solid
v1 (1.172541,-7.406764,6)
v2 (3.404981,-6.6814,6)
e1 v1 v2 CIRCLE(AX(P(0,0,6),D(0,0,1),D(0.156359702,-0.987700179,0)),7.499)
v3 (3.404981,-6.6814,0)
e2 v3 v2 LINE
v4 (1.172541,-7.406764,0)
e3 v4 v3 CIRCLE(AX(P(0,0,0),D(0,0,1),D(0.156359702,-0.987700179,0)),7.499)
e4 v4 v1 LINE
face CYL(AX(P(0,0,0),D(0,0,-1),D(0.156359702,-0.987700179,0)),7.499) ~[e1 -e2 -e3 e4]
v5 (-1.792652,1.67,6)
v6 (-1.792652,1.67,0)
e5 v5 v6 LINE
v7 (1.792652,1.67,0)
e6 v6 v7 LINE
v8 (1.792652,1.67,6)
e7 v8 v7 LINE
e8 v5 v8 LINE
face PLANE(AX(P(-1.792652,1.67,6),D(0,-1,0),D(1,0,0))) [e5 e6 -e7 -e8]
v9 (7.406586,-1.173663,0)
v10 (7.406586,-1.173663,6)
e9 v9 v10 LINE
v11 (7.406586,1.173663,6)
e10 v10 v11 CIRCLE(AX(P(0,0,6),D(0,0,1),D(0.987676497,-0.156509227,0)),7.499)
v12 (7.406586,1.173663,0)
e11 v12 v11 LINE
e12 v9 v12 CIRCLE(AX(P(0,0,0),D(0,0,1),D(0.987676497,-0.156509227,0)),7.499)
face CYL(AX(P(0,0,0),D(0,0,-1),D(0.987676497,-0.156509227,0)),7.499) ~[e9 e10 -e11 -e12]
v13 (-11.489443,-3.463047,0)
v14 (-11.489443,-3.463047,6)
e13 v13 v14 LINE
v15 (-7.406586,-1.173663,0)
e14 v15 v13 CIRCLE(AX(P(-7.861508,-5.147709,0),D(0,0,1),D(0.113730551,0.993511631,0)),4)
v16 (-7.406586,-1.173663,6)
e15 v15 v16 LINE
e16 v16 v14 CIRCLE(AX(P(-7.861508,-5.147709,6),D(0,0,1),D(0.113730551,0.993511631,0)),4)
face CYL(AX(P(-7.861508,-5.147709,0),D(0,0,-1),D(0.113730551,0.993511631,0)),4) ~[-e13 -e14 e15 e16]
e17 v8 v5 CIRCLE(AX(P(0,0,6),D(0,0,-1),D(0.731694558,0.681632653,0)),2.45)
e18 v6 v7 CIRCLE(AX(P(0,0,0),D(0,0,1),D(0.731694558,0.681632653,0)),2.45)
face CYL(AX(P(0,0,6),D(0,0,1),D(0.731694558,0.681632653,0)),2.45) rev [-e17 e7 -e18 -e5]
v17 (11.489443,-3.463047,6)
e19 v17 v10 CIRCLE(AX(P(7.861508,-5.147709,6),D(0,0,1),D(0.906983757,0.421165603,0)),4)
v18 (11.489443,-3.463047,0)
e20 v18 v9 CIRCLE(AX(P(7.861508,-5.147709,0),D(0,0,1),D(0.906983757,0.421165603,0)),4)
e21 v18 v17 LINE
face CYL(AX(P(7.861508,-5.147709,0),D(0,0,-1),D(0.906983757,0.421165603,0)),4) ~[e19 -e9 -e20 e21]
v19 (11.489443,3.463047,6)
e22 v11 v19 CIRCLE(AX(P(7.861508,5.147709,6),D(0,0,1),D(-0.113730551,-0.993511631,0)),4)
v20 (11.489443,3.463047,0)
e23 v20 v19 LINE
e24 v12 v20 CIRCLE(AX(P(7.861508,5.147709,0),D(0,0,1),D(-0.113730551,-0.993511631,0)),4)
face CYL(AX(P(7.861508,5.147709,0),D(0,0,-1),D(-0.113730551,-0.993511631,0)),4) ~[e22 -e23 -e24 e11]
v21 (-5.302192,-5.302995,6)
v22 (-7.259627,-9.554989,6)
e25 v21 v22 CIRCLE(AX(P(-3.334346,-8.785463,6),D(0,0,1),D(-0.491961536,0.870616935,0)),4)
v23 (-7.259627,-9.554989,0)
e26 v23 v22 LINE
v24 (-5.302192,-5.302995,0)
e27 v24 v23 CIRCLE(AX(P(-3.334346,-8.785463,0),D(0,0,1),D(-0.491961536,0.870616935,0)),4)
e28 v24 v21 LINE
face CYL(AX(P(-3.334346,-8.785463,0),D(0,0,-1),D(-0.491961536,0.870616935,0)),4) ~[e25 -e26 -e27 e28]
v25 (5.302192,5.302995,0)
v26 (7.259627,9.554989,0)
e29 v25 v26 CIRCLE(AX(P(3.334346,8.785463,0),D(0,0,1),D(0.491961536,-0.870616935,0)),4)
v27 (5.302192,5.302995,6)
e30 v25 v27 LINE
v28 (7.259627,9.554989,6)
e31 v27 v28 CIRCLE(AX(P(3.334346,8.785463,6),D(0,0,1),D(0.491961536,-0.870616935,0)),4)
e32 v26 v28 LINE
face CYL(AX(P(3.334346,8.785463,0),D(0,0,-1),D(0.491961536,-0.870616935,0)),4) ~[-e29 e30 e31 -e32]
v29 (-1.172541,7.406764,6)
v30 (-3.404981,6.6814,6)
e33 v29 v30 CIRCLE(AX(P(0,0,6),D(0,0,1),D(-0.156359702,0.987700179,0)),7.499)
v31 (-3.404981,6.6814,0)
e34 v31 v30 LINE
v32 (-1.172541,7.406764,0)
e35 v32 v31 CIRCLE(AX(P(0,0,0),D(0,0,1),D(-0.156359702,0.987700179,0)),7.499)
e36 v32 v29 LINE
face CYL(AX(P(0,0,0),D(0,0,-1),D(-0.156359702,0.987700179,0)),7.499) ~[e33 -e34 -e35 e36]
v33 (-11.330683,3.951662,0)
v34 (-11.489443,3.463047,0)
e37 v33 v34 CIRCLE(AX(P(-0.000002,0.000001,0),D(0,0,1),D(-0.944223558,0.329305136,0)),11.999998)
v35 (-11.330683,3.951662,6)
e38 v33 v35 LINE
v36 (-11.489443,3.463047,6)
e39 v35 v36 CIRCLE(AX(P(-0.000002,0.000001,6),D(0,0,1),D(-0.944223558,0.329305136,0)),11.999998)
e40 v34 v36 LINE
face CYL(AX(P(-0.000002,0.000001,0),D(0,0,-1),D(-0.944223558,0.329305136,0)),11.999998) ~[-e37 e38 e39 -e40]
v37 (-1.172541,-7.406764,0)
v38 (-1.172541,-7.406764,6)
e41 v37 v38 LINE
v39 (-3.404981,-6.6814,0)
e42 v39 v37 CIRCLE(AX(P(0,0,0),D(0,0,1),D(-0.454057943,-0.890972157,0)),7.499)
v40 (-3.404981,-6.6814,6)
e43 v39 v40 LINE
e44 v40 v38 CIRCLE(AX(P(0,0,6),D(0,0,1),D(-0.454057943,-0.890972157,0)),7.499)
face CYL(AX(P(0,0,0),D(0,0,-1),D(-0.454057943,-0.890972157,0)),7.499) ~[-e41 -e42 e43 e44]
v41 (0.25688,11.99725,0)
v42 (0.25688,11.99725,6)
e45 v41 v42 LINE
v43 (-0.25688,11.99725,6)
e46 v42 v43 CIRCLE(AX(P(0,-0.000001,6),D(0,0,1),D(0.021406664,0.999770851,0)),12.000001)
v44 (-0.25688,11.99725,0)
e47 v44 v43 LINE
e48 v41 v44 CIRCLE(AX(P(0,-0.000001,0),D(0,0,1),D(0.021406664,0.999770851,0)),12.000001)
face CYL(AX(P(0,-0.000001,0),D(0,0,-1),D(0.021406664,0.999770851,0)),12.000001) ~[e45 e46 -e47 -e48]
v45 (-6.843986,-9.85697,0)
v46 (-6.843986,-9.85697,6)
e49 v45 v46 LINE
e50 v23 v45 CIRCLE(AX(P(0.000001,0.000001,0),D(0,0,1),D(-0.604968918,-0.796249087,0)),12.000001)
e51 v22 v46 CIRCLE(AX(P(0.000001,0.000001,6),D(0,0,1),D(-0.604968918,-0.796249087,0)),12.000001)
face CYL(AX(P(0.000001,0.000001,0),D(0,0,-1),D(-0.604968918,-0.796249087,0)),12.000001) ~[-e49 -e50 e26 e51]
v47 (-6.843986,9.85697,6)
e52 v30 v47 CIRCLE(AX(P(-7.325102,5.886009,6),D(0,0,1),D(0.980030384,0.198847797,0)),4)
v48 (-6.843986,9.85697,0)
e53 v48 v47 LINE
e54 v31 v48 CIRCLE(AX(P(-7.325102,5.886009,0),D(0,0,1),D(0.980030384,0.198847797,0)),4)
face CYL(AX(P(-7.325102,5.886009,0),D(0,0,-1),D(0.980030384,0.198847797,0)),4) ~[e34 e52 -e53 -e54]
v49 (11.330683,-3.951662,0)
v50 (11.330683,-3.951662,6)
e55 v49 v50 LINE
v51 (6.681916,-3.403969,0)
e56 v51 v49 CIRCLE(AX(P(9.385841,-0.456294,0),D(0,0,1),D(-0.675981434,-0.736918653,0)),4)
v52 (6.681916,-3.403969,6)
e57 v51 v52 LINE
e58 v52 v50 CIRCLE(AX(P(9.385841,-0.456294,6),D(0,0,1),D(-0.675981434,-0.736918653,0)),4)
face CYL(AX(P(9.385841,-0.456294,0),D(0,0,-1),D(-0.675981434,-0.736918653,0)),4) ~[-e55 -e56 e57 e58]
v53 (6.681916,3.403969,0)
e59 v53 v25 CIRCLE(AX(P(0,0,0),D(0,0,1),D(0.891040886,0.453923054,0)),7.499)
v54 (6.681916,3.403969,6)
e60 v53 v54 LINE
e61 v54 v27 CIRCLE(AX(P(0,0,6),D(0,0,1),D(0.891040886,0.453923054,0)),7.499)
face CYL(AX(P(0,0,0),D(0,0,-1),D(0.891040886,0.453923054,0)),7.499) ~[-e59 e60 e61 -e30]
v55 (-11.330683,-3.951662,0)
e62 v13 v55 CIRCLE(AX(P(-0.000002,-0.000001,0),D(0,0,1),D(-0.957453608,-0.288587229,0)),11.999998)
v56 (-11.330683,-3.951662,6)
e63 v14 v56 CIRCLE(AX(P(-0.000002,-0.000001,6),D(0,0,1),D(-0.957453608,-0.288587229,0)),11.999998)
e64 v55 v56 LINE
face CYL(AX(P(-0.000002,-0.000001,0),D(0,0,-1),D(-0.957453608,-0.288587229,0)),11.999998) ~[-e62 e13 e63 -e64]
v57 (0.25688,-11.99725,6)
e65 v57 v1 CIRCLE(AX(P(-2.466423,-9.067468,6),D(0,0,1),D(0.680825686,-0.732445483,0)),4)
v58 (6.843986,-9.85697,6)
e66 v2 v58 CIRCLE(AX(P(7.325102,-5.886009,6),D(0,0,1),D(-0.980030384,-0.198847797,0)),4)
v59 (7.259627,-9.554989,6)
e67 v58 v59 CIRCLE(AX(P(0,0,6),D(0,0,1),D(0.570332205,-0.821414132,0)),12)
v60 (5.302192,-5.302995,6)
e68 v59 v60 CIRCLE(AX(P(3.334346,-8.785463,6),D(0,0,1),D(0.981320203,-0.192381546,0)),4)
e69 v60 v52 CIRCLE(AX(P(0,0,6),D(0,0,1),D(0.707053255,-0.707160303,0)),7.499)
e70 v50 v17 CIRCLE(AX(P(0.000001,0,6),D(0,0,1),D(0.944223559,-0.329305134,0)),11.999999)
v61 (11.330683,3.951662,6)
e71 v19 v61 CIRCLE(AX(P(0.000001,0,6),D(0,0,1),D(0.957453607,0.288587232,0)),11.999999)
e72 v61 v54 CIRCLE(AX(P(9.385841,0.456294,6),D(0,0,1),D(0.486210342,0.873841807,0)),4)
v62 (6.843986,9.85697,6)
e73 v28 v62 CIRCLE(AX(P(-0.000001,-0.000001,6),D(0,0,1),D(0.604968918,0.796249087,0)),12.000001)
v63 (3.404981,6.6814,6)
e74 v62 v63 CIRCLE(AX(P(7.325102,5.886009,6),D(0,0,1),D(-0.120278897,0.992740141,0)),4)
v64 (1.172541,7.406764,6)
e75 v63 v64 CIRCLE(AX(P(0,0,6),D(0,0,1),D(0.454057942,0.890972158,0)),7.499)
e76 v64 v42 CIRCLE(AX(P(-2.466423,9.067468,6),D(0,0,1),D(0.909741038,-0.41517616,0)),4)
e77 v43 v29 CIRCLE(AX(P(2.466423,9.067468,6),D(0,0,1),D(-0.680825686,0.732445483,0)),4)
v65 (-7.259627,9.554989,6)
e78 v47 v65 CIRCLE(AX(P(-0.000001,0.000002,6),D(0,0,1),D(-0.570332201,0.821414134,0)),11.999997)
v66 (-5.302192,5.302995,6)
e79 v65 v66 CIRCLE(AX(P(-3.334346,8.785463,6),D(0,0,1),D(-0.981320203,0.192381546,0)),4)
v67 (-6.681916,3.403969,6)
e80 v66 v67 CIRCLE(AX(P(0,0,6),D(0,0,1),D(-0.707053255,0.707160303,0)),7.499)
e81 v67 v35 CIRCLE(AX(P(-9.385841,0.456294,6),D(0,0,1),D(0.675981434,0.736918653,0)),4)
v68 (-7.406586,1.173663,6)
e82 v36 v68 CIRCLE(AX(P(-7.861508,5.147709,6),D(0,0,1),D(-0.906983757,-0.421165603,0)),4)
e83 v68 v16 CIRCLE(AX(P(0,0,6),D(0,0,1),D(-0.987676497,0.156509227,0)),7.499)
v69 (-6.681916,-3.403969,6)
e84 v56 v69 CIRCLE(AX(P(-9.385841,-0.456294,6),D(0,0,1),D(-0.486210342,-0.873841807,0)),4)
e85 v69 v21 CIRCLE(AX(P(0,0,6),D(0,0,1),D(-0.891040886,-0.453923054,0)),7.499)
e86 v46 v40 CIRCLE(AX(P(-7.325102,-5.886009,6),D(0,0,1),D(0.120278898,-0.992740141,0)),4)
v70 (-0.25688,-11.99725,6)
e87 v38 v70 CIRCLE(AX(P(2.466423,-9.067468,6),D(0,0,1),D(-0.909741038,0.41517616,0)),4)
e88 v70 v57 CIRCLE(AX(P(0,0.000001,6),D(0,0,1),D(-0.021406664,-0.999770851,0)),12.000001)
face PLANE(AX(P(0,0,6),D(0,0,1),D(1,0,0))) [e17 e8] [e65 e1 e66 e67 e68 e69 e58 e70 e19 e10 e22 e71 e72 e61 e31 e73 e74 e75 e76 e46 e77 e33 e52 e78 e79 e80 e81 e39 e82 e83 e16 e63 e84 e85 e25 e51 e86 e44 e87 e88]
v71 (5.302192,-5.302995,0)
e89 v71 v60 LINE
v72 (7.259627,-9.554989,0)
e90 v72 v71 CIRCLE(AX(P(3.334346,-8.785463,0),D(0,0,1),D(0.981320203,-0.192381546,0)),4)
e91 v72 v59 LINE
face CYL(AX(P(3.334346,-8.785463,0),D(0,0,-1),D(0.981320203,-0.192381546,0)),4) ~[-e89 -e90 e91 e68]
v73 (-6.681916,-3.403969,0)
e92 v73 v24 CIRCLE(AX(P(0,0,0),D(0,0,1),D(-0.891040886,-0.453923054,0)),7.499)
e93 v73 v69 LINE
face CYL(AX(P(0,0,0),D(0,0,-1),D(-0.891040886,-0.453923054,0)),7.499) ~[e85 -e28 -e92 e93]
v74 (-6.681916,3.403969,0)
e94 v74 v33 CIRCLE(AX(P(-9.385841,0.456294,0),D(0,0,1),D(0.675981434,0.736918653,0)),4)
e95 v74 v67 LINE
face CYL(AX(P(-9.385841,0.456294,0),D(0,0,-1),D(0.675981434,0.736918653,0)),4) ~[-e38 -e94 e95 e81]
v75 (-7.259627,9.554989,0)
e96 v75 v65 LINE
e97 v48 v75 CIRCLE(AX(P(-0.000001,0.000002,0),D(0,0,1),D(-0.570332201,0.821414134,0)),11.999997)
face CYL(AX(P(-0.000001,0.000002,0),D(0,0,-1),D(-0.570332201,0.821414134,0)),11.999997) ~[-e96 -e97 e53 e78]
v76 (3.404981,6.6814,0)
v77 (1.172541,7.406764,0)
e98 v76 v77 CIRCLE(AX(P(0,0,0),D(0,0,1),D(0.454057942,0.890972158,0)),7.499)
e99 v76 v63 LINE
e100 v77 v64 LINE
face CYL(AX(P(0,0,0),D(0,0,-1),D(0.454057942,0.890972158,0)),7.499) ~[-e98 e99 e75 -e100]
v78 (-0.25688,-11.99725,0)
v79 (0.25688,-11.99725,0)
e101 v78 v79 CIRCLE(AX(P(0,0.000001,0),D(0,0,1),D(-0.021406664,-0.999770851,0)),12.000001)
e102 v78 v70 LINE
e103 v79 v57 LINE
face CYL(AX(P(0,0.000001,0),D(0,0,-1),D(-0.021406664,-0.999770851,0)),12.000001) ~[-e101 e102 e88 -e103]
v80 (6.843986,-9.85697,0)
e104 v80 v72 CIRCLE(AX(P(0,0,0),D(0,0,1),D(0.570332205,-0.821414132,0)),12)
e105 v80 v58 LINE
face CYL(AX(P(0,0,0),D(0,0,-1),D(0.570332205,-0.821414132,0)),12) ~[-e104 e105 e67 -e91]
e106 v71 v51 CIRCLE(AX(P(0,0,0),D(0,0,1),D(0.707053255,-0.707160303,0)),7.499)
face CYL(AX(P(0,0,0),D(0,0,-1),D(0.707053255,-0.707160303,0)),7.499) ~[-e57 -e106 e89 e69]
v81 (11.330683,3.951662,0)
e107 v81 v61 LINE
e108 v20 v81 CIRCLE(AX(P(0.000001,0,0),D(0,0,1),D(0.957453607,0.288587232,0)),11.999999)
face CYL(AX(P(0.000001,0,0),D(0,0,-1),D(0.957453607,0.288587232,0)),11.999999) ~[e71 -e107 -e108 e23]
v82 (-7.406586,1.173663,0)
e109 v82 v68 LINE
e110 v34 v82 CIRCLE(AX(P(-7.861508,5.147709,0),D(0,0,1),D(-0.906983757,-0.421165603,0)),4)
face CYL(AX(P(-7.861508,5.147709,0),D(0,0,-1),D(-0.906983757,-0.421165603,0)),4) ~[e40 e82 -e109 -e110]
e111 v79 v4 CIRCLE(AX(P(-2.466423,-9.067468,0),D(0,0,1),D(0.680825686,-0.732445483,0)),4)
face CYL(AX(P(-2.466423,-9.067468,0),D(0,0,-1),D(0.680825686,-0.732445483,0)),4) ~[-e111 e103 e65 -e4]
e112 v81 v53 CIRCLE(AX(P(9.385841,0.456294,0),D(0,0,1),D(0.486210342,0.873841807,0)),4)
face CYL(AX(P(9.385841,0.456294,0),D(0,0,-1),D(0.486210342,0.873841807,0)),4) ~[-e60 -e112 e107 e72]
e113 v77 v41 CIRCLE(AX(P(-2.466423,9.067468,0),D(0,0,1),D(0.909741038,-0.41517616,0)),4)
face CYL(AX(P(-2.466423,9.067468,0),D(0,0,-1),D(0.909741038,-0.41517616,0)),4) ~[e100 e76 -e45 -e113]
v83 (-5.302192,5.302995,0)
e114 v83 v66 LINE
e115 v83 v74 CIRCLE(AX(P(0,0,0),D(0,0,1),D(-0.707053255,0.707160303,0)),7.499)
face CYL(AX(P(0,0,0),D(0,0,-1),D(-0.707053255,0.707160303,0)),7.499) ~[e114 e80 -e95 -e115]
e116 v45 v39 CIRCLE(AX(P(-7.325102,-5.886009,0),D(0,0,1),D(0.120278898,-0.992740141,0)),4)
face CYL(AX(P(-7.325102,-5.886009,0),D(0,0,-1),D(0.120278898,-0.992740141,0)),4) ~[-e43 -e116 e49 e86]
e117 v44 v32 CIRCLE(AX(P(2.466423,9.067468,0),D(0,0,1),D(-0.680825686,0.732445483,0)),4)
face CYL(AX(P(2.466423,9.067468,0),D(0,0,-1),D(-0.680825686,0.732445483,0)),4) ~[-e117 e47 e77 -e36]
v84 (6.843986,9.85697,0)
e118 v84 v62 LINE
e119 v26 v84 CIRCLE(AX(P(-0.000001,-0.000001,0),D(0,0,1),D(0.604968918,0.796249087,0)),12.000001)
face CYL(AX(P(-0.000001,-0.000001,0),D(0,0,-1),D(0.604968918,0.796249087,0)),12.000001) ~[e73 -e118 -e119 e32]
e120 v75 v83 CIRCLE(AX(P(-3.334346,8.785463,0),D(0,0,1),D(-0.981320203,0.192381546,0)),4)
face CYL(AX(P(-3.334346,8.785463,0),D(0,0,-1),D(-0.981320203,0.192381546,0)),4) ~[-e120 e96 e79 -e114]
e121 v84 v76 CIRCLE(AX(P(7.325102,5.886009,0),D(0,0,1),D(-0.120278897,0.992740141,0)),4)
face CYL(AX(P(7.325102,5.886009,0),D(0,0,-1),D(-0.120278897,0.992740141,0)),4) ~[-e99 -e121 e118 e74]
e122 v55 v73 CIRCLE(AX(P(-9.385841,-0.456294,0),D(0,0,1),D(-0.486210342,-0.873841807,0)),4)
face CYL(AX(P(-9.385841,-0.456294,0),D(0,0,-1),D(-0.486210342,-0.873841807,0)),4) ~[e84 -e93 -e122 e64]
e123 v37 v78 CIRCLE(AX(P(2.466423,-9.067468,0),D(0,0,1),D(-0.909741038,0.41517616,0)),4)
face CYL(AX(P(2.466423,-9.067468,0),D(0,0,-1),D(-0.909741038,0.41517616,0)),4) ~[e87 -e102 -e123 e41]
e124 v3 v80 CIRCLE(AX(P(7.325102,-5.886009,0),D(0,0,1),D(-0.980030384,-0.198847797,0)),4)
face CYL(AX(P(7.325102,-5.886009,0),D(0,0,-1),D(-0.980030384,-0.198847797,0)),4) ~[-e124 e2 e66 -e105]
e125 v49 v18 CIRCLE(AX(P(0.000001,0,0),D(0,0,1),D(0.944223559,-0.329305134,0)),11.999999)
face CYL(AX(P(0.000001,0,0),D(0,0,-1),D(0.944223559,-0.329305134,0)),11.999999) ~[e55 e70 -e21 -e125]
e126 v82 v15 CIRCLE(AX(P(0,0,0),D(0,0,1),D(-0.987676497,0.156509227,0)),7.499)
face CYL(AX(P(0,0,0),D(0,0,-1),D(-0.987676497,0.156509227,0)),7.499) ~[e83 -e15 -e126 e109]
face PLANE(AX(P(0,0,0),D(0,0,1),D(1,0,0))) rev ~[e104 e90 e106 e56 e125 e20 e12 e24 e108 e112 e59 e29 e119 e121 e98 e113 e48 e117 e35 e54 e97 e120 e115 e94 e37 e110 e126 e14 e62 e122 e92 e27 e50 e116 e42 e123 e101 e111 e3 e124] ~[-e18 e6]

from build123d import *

# Parameters (mm, degrees)
SKETCH4_R           = 2
BOSS_EXTRUDE3_DEPTH = 6
SKETCH6_R           = 3.276903459
BOSS_EXTRUDE4_DEPTH = 6
CUT_EXTRUDE1_DEPTH  = 10


with BuildPart() as part:
    # Sketch4 → Boss-Extrude3 (new body)
    with BuildSketch(Plane.XY):
        with BuildLine():
            ThreePointArc((11.330682707, 3.9516616), (8.917819898, 4.428819506), (6.681915604, 3.403968986))
            ThreePointArc((6.681915604, 3.403968986), (6.066818441, 4.407801607), (5.302192362, 5.302995112))
            ThreePointArc((5.302192362, 5.302995112), (6.967815552, 7.112770233), (7.259627029, 9.554989032))
            ThreePointArc((7.259627029, 9.554989032), (7.053423028, 9.708203932), (6.843986457, 9.856969584))
            ThreePointArc((6.843986457, 9.856969584), (4.61147306, 8.824753264), (3.40498051, 6.681400208))
            ThreePointArc((3.40498051, 6.681400208), (2.317318441, 7.131972816), (1.172541409, 7.406763642))
            ThreePointArc((1.172541409, 7.406763642), (1.456299749, 9.849931218), (0.256880001, 11.997250213))
            ThreePointArc((0.256880001, 11.997250213), (0, 12), (-0.256880001, 11.997250213))
            ThreePointArc((-0.256880001, 11.997250213), (-1.456299749, 9.849931218), (-1.172541409, 7.406763642))
            ThreePointArc((-1.172541409, 7.406763642), (-2.317318441, 7.131972816), (-3.404980509, 6.681400207))
            ThreePointArc((-3.404980509, 6.681400207), (-4.61147306, 8.824753264), (-6.843986457, 9.856969584))
            ThreePointArc((-6.843986457, 9.856969584), (-7.053423028, 9.708203933), (-7.259627029, 9.554989032))
            ThreePointArc((-7.259627029, 9.554989032), (-6.967815552, 7.112770233), (-5.302192362, 5.302995112))
            ThreePointArc((-5.302192362, 5.302995112), (-6.066818441, 4.407801607), (-6.681915604, 3.403968986))
            ThreePointArc((-6.681915604, 3.403968986), (-8.917819898, 4.428819506), (-11.330682707, 3.9516616))
            ThreePointArc((-11.330682707, 3.9516616), (-11.412678196, 3.708203933), (-11.489443278, 3.463046803))
            ThreePointArc((-11.489443278, 3.463046803), (-9.817862641, 1.658772773), (-7.406586048, 1.173662691))
            ThreePointArc((-7.406586048, 1.173662691), (-7.499, 0), (-7.406586048, -1.173662691))
            ThreePointArc((-7.406586048, -1.173662691), (-9.817862641, -1.658772773), (-11.489443278, -3.463046803))
            ThreePointArc((-11.489443278, -3.463046803), (-11.412678196, -3.708203933), (-11.330682707, -3.9516616))
            ThreePointArc((-11.330682707, -3.9516616), (-8.917819898, -4.428819506), (-6.681915604, -3.403968986))
            ThreePointArc((-6.681915604, -3.403968986), (-6.066818441, -4.407801607), (-5.302192362, -5.302995112))
            ThreePointArc((-5.302192362, -5.302995112), (-6.967815552, -7.112770233), (-7.259627029, -9.554989032))
            ThreePointArc((-7.259627029, -9.554989032), (-7.053423028, -9.708203932), (-6.843986457, -9.856969584))
            ThreePointArc((-6.843986457, -9.856969584), (-4.61147306, -8.824753264), (-3.404980509, -6.681400207))
            ThreePointArc((-3.404980509, -6.681400207), (-2.317318441, -7.131972816), (-1.172541409, -7.406763642))
            ThreePointArc((-1.172541409, -7.406763642), (-1.456299749, -9.849931218), (-0.256880001, -11.997250213))
            ThreePointArc((-0.256880001, -11.997250213), (0, -12), (0.256880001, -11.997250213))
            ThreePointArc((0.256880001, -11.997250213), (1.456299749, -9.849931218), (1.172541409, -7.406763642))
            ThreePointArc((1.172541409, -7.406763642), (2.317318441, -7.131972816), (3.404980509, -6.681400207))
            ThreePointArc((3.404980509, -6.681400207), (4.61147306, -8.824753264), (6.843986457, -9.856969584))
            ThreePointArc((6.843986457, -9.856969584), (7.053423027, -9.708203933), (7.259627029, -9.554989032))
            ThreePointArc((7.259627029, -9.554989032), (6.967815552, -7.112770233), (5.302192362, -5.302995112))
            ThreePointArc((5.302192362, -5.302995112), (6.066818441, -4.407801607), (6.681915604, -3.403968986))
            ThreePointArc((6.681915604, -3.403968986), (8.917819898, -4.428819506), (11.330682707, -3.9516616))
            ThreePointArc((11.330682707, -3.9516616), (11.412678196, -3.708203932), (11.489443278, -3.463046803))
            ThreePointArc((11.489443278, -3.463046803), (9.817862641, -1.658772773), (7.406586048, -1.173662691))
            ThreePointArc((7.406586048, -1.173662691), (7.499, 0), (7.406586048, 1.173662691))
            ThreePointArc((7.406586048, 1.173662691), (9.817862641, 1.658772773), (11.489443278, 3.463046803))
            ThreePointArc((11.489443278, 3.463046803), (11.412678196, 3.708203932), (11.330682707, 3.9516616))
        make_face()
        Circle(SKETCH4_R, mode=Mode.SUBTRACT)
    extrude(amount=BOSS_EXTRUDE3_DEPTH)

    # Sketch6 → Boss-Extrude4 (add)
    with BuildSketch(Plane.XY.offset(6)):
        Circle(SKETCH6_R)
    extrude(amount=-BOSS_EXTRUDE4_DEPTH)

    # Sketch7 → Cut-Extrude1 (cut)
    with BuildSketch(Plane.XY.offset(6)):
        with BuildLine():
            Line((-1.792651667, 1.67), (1.792651667, 1.67))
            ThreePointArc((1.792651667, 1.67), (0, -2.45), (-1.792651667, 1.67))
        make_face()
    extrude(amount=-CUT_EXTRUDE1_DEPTH, mode=Mode.SUBTRACT)


solid = part.part
